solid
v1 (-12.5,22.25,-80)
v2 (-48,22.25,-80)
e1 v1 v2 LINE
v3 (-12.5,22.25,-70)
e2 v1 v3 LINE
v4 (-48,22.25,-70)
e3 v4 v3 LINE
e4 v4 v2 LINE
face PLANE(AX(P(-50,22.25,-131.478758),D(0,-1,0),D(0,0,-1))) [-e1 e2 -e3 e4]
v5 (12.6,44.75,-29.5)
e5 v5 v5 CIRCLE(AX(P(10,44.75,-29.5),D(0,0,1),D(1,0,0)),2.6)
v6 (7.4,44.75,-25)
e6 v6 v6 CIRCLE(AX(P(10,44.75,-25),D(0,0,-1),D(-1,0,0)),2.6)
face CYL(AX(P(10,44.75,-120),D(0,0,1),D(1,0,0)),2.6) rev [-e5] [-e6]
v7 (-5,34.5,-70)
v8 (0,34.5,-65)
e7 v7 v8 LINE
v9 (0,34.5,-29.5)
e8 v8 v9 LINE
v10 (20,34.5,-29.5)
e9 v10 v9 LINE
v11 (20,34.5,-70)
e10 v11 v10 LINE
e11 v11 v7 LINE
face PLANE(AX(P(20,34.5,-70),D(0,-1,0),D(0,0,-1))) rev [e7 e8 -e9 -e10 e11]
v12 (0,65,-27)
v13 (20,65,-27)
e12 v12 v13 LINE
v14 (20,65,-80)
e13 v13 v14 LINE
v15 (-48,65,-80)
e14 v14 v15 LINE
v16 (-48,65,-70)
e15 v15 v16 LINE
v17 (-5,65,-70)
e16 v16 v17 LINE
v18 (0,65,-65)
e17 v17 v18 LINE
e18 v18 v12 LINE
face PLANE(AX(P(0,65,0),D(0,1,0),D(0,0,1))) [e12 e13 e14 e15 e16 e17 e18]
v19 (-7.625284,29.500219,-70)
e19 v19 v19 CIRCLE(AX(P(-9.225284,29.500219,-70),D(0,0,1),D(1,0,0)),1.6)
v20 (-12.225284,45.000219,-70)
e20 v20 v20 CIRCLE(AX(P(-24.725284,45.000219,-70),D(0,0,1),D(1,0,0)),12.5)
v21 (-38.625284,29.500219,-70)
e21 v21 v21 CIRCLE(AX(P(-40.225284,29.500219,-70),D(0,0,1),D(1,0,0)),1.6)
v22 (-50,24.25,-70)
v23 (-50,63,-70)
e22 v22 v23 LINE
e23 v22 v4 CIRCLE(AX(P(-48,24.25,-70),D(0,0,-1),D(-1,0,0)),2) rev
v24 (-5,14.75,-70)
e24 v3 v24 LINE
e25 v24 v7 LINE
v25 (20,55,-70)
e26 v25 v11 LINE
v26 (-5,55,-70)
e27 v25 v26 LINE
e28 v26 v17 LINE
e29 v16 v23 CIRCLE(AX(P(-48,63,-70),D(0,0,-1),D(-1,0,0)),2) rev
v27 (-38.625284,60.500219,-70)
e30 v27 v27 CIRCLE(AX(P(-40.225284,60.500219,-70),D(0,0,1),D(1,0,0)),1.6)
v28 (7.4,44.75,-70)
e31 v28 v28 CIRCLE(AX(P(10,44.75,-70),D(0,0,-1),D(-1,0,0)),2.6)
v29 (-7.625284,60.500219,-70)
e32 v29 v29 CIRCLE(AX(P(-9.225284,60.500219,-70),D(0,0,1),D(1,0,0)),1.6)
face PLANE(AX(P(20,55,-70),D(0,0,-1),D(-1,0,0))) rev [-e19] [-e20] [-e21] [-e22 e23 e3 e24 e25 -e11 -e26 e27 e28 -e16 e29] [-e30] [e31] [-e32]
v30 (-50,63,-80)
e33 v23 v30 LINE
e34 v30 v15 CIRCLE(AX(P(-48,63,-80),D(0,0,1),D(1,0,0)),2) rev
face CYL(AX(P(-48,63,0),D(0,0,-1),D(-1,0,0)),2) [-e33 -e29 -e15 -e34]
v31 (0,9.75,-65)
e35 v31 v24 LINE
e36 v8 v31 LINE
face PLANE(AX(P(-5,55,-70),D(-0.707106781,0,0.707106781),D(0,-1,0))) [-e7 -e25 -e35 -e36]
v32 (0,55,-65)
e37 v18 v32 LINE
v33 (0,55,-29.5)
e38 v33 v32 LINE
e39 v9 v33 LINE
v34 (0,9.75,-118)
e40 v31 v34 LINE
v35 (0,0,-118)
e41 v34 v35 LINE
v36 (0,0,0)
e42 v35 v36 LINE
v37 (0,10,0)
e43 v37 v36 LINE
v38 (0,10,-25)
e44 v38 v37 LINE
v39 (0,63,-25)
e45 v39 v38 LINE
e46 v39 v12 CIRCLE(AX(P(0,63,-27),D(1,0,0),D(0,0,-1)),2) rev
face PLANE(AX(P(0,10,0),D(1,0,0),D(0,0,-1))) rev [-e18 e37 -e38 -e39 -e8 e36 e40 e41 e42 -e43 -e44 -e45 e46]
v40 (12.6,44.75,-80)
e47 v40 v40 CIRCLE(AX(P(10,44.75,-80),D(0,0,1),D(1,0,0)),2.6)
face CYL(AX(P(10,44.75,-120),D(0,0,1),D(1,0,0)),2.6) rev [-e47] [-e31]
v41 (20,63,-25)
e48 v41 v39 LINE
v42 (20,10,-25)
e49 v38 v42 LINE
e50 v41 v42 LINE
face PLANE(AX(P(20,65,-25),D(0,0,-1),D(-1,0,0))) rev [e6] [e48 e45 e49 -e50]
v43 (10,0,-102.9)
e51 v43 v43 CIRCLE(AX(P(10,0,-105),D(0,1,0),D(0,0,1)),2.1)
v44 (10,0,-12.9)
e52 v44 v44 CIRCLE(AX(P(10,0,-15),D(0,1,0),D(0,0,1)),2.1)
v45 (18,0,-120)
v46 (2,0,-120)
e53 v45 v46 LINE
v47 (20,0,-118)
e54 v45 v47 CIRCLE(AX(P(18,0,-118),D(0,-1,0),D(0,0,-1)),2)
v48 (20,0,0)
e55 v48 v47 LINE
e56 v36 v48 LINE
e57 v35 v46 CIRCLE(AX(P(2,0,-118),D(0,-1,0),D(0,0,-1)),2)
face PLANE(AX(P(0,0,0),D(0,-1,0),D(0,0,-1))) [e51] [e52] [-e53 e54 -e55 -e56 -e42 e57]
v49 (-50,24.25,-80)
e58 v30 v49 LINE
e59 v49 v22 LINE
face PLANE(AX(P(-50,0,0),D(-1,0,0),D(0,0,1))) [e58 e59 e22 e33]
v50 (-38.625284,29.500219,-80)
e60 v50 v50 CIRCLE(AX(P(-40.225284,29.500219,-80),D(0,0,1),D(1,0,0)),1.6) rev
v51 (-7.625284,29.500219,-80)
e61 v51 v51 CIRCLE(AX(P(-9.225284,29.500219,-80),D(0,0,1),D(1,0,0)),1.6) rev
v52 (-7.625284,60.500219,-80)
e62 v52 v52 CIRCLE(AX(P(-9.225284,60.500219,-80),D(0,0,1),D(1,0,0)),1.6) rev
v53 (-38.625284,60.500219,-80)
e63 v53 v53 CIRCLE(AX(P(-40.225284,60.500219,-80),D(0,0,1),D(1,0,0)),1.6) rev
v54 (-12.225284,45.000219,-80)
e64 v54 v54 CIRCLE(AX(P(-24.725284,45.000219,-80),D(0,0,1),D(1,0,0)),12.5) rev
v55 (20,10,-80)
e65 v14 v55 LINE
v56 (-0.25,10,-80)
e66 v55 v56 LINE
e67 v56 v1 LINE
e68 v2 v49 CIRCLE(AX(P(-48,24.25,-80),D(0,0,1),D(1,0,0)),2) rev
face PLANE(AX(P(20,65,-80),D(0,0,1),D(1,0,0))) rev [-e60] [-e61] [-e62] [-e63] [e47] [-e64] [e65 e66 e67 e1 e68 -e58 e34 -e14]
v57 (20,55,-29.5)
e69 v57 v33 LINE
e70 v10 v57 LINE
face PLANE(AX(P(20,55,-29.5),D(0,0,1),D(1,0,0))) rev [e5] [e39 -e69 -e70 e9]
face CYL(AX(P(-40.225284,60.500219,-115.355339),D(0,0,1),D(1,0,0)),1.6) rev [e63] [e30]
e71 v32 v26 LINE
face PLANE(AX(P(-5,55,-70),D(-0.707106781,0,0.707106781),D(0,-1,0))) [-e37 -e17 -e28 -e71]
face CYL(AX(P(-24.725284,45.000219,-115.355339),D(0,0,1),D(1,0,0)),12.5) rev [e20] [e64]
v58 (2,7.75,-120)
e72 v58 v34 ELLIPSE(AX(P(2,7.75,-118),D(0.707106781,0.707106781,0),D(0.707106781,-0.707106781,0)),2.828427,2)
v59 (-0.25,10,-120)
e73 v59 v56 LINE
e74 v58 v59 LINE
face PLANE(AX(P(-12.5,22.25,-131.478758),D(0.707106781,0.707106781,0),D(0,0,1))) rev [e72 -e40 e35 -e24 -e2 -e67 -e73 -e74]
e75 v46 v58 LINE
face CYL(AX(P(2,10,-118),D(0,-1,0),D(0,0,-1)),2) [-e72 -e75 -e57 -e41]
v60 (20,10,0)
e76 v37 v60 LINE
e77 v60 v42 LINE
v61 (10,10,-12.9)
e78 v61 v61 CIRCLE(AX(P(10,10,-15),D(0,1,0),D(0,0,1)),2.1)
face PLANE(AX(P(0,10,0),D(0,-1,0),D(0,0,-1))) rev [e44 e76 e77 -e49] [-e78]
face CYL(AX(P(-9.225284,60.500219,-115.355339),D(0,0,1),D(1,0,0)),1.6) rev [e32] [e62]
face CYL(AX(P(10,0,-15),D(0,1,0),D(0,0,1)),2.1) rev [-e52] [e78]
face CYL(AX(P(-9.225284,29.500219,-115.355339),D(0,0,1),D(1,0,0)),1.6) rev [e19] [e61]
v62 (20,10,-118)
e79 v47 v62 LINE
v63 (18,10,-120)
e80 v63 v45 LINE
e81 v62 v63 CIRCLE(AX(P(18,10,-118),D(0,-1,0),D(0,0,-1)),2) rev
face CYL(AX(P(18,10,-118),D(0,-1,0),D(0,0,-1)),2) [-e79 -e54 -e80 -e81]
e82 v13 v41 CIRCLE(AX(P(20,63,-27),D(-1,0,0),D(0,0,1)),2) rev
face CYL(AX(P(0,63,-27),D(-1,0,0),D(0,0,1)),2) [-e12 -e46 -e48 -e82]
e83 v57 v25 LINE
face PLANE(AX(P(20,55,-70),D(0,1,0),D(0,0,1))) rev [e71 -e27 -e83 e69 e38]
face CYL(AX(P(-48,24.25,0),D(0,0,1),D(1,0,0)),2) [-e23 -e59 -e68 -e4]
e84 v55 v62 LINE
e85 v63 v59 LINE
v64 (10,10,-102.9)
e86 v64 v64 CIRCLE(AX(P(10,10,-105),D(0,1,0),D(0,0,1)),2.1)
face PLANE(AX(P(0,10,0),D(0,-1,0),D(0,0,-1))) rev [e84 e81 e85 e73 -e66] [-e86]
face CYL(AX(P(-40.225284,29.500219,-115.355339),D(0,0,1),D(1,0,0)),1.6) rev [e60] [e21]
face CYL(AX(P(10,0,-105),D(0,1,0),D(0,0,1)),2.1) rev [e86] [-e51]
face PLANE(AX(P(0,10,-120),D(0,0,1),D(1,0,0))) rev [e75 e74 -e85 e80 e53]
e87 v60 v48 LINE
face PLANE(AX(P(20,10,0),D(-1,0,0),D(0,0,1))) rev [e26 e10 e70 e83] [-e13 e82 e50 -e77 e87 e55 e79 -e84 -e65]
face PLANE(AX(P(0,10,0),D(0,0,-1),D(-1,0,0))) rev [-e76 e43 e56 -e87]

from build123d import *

# Parameters (mm, degrees)
SKETCH4_W           = 20
SKETCH4_H           = 120
BOSS_EXTRUDE4_DEPTH = 10
SKETCH5_R           = 2.1
CUT_EXTRUDE1_DEPTH  = 10
SKETCH8_W           = 20
SKETCH8_H           = 55
BOSS_EXTRUDE6_DEPTH = 55
SKETCH9_W           = 40.5
SKETCH9_H           = 20.5
CUT_EXTRUDE2_DEPTH  = 20
SKETCH11_R          = 2.6
CUT_EXTRUDE3_DEPTH  = 50
SKETCH12_W          = 10
SKETCH12_H          = 55
BOSS_EXTRUDE7_DEPTH = 50
SKETCH15_R          = 12.5
CUT_EXTRUDE4_DEPTH  = 10
SKETCH17_W          = 50
SKETCH17_H          = 12.25
CUT_EXTRUDE6_DEPTH  = 10
CHAMFER1_SIZE       = 12.5
FILLET1_R           = 2
CHAMFER2_SIZE       = 5


with BuildPart() as part:
    # Sketch4 → Boss-Extrude4 (new body)
    with BuildSketch(Plane(origin=(0, 0, 0), x_dir=(1, 0, 0), z_dir=(0, 1, 0))):
        with Locations((10, 60)):
            Rectangle(SKETCH4_W, SKETCH4_H)
    extrude(amount=BOSS_EXTRUDE4_DEPTH)

    # Sketch5 → Cut-Extrude1 (cut)
    with BuildSketch(Plane(origin=(0, 10, 0), x_dir=(1, 0, 0), z_dir=(0, 1, 0))):
        with Locations(Location((10, 105, 0), (0, 0, 270))):
            Circle(SKETCH5_R)
        with Locations(Location((10, 15, 0), (0, 0, 270))):
            Circle(SKETCH5_R)
    extrude(amount=-CUT_EXTRUDE1_DEPTH, mode=Mode.SUBTRACT)

    # Sketch8 → Boss-Extrude6 (add)
    with BuildSketch(Plane(origin=(0, 10, 0), x_dir=(1, 0, 0), z_dir=(0, 1, 0))):
        with Locations((10, 52.5)):
            Rectangle(SKETCH8_W, SKETCH8_H)
    extrude(amount=BOSS_EXTRUDE6_DEPTH)

    # Sketch9 → Cut-Extrude2 (cut)
    with BuildSketch(Plane.ZY):
        with Locations((-49.75, 44.75)):
            Rectangle(SKETCH9_W, SKETCH9_H)
    extrude(amount=-CUT_EXTRUDE2_DEPTH, mode=Mode.SUBTRACT)

    # Sketch11 → Cut-Extrude3 (cut, symmetric)
    with BuildSketch(Plane.XY.offset(-70)):
        with Locations((10, 44.75)):
            Circle(SKETCH11_R)
    extrude(amount=CUT_EXTRUDE3_DEPTH, both=True, mode=Mode.SUBTRACT)

    # Sketch12 → Boss-Extrude7 (add)
    with BuildSketch(Plane.ZY):
        with Locations((-75, 37.5)):
            Rectangle(SKETCH12_W, SKETCH12_H)
    extrude(amount=BOSS_EXTRUDE7_DEPTH)

    # Sketch15 → Cut-Extrude4 (cut)
    with BuildSketch(Plane.XY.offset(-70)):
        with Locations((-24.72528445, 45.000219356)):
            Circle(SKETCH15_R)
        with BuildLine():
            ThreePointArc((-7.62528445, 60.500219356), (-9.22528445, 62.100219356), (-10.82528445, 60.500219356))
            Line((-10.82528445, 60.500219356), (-9.22528445, 60.500219356))
            Line((-9.22528445, 60.500219356), (-9.22528445, 58.900219356))
            ThreePointArc((-9.22528445, 58.900219356), (-8.0939136, 59.368848506), (-7.62528445, 60.500219356))
        make_face()
        with BuildLine():
            Line((-9.22528445, 60.500219356), (-10.82528445, 60.500219356))
            ThreePointArc((-10.82528445, 60.500219356), (-10.3566553, 59.368848506), (-9.22528445, 58.900219356))
            Line((-9.22528445, 58.900219356), (-9.22528445, 60.500219356))
        make_face()
        with BuildLine():
            ThreePointArc((-7.62528445, 29.500219356), (-8.0939136, 30.631590206), (-9.22528445, 31.100219356))
            Line((-9.22528445, 31.100219356), (-9.22528445, 29.500219356))
            Line((-9.22528445, 29.500219356), (-10.82528445, 29.500219356))
            ThreePointArc((-10.82528445, 29.500219356), (-9.22528445, 27.900219356), (-7.62528445, 29.500219356))
        make_face()
        with BuildLine():
            Line((-9.22528445, 29.500219356), (-9.22528445, 31.100219356))
            ThreePointArc((-9.22528445, 31.100219356), (-10.3566553, 30.631590206), (-10.82528445, 29.500219356))
            Line((-10.82528445, 29.500219356), (-9.22528445, 29.500219356))
        make_face()
        with BuildLine():
            ThreePointArc((-38.62528445, 29.500219356), (-39.0939136, 30.631590206), (-40.22528445, 31.100219356))
            Line((-40.22528445, 31.100219356), (-40.22528445, 29.500219356))
            Line((-40.22528445, 29.500219356), (-38.62528445, 29.500219356))
        make_face()
        with BuildLine():
            Line((-40.22528445, 29.500219356), (-40.22528445, 31.100219356))
            ThreePointArc((-40.22528445, 31.100219356), (-41.3566553, 28.368848506), (-38.62528445, 29.500219356))
            Line((-38.62528445, 29.500219356), (-40.22528445, 29.500219356))
        make_face()
        with BuildLine():
            Line((-40.22528445, 58.900219356), (-40.22528445, 60.500219356))
            Line((-40.22528445, 60.500219356), (-38.62528445, 60.500219356))
            ThreePointArc((-38.62528445, 60.500219356), (-41.3566553, 61.631590206), (-40.22528445, 58.900219356))
        make_face()
        with BuildLine():
            Line((-38.62528445, 60.500219356), (-40.22528445, 60.500219356))
            Line((-40.22528445, 60.500219356), (-40.22528445, 58.900219356))
            ThreePointArc((-40.22528445, 58.900219356), (-39.0939136, 59.368848506), (-38.62528445, 60.500219356))
        make_face()
    extrude(amount=-CUT_EXTRUDE4_DEPTH, mode=Mode.SUBTRACT)

    # Sketch17 → Cut-Extrude6 (cut)
    with BuildSketch(Plane.XY.offset(-70)):
        with Locations((-25, 16.125)):
            Rectangle(SKETCH17_W, SKETCH17_H)
    extrude(amount=-CUT_EXTRUDE6_DEPTH, mode=Mode.SUBTRACT)

    # Chamfer1
    chamfer1_edges = [part.edges().sort_by_distance(p)[0] for p in [
        (0, 22.25, -75),
    ]]
    chamfer(chamfer1_edges, length=CHAMFER1_SIZE)

    # Fillet1
    fillet1_edges = [part.edges().sort_by_distance(p)[0] for p in [
        (-50, 22.25, -75),
        (0, 4.875, -120),
        (10, 65, -25),
        (-50, 65, -75),
        (20, 5, -120),
    ]]
    fillet(fillet1_edges, radius=FILLET1_R)

    # Chamfer2
    chamfer2_edges = [part.edges().sort_by_distance(p)[0] for p in [
        (0, 22.125, -70),
        (0, 60, -70),
    ]]
    chamfer(chamfer2_edges, length=CHAMFER2_SIZE)


solid = part.part
